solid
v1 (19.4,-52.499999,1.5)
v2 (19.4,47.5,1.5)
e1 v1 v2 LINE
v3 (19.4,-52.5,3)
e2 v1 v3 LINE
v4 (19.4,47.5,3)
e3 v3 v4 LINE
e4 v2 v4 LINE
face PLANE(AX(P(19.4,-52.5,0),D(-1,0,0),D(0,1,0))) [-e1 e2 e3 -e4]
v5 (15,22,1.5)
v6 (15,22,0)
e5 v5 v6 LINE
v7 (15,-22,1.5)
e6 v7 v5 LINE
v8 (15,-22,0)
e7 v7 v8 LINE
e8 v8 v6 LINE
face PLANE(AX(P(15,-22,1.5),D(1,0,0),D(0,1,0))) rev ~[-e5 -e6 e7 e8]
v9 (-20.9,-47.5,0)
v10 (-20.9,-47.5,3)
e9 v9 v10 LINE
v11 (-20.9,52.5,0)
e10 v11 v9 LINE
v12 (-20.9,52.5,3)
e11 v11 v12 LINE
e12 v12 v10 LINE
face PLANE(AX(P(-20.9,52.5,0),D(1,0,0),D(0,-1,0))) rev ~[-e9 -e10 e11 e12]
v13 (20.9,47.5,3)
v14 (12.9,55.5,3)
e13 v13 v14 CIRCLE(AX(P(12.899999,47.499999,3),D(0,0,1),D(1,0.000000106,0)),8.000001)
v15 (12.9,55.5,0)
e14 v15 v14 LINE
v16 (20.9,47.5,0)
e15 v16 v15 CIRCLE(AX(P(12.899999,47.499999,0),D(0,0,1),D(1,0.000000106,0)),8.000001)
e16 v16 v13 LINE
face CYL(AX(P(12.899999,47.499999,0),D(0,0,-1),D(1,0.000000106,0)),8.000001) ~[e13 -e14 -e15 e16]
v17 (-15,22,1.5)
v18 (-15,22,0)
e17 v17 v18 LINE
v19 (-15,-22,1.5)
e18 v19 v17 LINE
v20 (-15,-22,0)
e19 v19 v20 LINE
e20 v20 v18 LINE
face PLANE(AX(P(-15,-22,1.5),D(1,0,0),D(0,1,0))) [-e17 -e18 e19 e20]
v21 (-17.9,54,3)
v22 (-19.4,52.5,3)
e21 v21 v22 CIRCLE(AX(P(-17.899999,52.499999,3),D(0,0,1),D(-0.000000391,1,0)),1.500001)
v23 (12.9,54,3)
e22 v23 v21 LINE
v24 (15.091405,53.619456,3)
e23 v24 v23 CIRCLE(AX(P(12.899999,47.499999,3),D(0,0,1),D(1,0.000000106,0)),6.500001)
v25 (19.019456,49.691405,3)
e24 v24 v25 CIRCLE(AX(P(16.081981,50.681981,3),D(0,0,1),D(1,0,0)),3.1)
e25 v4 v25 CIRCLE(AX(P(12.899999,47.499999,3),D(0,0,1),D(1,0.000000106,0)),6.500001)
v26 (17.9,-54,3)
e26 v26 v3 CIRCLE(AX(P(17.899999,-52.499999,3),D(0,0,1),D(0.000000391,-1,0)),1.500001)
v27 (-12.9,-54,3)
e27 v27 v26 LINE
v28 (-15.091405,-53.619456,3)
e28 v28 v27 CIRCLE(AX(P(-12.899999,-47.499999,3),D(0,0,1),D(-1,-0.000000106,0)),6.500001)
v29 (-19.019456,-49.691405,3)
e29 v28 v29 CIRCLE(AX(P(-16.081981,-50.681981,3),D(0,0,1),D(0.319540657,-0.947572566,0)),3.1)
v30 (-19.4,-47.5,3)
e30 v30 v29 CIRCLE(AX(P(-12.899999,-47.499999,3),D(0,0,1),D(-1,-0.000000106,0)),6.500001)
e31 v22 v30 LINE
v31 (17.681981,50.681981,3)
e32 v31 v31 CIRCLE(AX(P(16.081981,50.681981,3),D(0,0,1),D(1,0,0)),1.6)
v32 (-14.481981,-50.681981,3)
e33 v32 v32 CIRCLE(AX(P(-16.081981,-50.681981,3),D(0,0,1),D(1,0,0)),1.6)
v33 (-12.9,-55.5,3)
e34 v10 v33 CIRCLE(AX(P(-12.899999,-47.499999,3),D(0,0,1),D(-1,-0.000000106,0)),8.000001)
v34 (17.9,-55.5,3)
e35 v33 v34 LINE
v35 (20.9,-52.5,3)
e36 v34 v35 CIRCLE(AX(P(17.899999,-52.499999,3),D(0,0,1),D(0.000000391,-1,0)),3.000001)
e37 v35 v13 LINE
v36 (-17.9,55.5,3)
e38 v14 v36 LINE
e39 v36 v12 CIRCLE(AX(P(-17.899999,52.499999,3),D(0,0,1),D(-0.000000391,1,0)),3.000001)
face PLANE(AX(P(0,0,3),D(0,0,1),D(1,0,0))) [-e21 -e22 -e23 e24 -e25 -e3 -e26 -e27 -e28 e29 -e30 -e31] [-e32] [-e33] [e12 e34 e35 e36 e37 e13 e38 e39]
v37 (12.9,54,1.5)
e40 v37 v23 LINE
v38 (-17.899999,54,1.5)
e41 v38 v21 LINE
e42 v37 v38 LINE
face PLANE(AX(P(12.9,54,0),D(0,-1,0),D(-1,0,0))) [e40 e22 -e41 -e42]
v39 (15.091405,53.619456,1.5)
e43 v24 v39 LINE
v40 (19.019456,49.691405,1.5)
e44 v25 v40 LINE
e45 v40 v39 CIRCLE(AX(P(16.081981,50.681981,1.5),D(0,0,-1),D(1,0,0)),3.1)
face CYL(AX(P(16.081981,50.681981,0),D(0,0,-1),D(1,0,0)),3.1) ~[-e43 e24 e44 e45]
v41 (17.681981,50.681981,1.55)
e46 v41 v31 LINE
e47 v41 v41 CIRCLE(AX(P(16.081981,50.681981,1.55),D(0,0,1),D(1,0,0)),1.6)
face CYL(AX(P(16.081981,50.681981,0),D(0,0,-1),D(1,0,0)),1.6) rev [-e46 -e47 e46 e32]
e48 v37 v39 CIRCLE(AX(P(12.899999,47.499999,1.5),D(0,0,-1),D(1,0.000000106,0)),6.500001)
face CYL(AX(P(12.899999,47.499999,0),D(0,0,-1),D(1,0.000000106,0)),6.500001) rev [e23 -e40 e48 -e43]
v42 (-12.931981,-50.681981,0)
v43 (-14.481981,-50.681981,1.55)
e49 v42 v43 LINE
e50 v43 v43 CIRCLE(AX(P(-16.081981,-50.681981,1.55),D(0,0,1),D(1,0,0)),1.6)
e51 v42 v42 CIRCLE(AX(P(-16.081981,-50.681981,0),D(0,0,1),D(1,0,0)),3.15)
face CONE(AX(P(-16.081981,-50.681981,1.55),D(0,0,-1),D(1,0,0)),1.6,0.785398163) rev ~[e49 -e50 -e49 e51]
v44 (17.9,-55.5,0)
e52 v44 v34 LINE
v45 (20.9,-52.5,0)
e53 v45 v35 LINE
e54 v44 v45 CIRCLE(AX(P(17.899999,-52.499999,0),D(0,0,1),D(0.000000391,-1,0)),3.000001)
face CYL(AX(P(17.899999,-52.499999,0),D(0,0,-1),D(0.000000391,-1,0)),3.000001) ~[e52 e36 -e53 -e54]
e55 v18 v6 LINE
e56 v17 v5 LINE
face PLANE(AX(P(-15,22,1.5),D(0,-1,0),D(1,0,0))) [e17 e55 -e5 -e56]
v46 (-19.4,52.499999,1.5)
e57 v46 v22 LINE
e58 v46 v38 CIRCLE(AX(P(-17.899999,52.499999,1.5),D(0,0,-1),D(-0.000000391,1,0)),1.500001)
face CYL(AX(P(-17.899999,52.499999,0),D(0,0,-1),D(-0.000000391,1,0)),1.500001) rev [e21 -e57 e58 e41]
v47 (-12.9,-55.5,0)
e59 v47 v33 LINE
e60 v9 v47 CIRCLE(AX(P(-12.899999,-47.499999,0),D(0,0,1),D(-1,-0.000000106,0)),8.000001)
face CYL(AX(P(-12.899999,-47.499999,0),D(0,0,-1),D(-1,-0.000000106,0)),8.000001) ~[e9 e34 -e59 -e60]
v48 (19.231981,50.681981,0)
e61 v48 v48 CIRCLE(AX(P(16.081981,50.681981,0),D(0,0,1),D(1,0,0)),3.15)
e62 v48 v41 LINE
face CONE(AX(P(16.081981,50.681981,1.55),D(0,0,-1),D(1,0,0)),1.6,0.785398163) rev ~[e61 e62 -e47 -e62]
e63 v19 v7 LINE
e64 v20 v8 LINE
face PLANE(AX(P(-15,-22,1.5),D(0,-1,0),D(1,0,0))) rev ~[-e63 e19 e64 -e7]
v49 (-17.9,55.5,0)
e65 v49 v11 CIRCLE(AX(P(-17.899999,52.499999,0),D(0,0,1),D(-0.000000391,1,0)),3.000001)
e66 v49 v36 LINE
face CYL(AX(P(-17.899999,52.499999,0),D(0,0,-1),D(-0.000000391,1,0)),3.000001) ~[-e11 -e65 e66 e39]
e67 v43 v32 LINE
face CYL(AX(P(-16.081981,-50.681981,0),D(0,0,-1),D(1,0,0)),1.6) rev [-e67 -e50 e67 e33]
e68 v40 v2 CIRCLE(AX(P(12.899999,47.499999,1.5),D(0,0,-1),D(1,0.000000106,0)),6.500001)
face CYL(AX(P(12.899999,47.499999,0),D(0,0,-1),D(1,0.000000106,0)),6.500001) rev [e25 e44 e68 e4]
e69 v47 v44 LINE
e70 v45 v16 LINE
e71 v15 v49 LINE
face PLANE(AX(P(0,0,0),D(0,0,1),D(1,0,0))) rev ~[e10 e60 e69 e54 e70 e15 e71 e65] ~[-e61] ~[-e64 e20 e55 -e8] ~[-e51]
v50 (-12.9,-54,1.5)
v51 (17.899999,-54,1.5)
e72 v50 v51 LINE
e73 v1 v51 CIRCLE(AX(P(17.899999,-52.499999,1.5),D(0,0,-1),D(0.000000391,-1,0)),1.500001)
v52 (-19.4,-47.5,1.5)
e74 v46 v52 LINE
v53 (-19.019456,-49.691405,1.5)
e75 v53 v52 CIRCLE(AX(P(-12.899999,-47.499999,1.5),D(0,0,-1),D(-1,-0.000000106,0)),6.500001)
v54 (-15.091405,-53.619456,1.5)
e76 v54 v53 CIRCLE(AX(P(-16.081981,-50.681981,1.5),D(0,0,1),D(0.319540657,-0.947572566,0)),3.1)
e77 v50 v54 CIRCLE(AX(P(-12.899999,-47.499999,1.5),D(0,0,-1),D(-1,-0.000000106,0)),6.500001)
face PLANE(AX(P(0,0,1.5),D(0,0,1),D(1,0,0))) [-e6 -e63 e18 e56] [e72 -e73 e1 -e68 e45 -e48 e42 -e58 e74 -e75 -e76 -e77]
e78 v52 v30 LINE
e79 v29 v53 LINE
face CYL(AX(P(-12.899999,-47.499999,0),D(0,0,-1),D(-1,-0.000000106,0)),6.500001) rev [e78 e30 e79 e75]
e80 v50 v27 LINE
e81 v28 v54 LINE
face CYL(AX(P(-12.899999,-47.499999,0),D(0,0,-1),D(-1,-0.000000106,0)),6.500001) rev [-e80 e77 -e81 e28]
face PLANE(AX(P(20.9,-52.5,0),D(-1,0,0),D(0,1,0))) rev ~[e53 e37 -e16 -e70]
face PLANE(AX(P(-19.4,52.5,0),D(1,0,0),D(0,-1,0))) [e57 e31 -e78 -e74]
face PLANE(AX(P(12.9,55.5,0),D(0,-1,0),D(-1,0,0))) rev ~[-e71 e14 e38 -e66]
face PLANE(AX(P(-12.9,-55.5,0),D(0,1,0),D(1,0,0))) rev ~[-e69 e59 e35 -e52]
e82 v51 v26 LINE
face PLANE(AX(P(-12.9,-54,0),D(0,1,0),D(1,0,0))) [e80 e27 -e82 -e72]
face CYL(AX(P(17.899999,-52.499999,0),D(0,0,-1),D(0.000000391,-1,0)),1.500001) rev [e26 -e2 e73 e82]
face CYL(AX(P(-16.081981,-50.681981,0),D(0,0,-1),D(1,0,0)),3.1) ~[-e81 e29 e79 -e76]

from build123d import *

# Parameters (mm, degrees)
F0_R     = 1.6
F1_DEPTH = 3
F2_T     = -1.5
F3_W     = 30
F3_H     = 44
F4_DEPTH = 1.501
F5_SIZE  = 1.55


with BuildPart() as f1:
    # F0 (on Top) → F1 (new body)
    with BuildSketch(Plane.XY):
        with BuildLine():
            Line((-12.9, -55.5), (17.9, -55.5))
            ThreePointArc((17.9, -55.5), (20.02132, -54.62132), (20.9, -52.5))
            Line((20.9, -52.5), (20.9, 47.5))
            ThreePointArc((20.9, 47.5), (18.556854, 53.156854), (12.9, 55.5))
            Line((12.9, 55.5), (-17.9, 55.5))
            ThreePointArc((-17.9, 55.5), (-20.02132, 54.62132), (-20.9, 52.5))
            Line((-20.9, 52.5), (-20.9, -47.5))
            ThreePointArc((-20.9, -47.5), (-18.556854, -53.156854), (-12.9, -55.5))
        make_face()
        with Locations((-16.081981, -50.681981)):
            Circle(F0_R, mode=Mode.SUBTRACT)
        with Locations((16.081981, 50.681981)):
            Circle(F0_R, mode=Mode.SUBTRACT)
    extrude(amount=F1_DEPTH)

    # F2
    f2_openings = [f1.faces().sort_by_distance(p)[0] for p in [
        (0, 0, 3),
    ]]
    offset(amount=F2_T, openings=f2_openings)

    # F3 (on face) → F4 (cut, through all)
    with BuildSketch(Plane.XY.offset(1.5)):
        Rectangle(F3_W, F3_H)
    extrude(amount=-F4_DEPTH, mode=Mode.SUBTRACT)

    # F5
    f5_edges = [f1.edges().sort_by_distance(p)[0] for p in [
        (14.481981, 50.681981, 0),
        (-17.681981, -50.681981, 0),
    ]]
    chamfer(f5_edges, length=F5_SIZE)


solid = f1.part
